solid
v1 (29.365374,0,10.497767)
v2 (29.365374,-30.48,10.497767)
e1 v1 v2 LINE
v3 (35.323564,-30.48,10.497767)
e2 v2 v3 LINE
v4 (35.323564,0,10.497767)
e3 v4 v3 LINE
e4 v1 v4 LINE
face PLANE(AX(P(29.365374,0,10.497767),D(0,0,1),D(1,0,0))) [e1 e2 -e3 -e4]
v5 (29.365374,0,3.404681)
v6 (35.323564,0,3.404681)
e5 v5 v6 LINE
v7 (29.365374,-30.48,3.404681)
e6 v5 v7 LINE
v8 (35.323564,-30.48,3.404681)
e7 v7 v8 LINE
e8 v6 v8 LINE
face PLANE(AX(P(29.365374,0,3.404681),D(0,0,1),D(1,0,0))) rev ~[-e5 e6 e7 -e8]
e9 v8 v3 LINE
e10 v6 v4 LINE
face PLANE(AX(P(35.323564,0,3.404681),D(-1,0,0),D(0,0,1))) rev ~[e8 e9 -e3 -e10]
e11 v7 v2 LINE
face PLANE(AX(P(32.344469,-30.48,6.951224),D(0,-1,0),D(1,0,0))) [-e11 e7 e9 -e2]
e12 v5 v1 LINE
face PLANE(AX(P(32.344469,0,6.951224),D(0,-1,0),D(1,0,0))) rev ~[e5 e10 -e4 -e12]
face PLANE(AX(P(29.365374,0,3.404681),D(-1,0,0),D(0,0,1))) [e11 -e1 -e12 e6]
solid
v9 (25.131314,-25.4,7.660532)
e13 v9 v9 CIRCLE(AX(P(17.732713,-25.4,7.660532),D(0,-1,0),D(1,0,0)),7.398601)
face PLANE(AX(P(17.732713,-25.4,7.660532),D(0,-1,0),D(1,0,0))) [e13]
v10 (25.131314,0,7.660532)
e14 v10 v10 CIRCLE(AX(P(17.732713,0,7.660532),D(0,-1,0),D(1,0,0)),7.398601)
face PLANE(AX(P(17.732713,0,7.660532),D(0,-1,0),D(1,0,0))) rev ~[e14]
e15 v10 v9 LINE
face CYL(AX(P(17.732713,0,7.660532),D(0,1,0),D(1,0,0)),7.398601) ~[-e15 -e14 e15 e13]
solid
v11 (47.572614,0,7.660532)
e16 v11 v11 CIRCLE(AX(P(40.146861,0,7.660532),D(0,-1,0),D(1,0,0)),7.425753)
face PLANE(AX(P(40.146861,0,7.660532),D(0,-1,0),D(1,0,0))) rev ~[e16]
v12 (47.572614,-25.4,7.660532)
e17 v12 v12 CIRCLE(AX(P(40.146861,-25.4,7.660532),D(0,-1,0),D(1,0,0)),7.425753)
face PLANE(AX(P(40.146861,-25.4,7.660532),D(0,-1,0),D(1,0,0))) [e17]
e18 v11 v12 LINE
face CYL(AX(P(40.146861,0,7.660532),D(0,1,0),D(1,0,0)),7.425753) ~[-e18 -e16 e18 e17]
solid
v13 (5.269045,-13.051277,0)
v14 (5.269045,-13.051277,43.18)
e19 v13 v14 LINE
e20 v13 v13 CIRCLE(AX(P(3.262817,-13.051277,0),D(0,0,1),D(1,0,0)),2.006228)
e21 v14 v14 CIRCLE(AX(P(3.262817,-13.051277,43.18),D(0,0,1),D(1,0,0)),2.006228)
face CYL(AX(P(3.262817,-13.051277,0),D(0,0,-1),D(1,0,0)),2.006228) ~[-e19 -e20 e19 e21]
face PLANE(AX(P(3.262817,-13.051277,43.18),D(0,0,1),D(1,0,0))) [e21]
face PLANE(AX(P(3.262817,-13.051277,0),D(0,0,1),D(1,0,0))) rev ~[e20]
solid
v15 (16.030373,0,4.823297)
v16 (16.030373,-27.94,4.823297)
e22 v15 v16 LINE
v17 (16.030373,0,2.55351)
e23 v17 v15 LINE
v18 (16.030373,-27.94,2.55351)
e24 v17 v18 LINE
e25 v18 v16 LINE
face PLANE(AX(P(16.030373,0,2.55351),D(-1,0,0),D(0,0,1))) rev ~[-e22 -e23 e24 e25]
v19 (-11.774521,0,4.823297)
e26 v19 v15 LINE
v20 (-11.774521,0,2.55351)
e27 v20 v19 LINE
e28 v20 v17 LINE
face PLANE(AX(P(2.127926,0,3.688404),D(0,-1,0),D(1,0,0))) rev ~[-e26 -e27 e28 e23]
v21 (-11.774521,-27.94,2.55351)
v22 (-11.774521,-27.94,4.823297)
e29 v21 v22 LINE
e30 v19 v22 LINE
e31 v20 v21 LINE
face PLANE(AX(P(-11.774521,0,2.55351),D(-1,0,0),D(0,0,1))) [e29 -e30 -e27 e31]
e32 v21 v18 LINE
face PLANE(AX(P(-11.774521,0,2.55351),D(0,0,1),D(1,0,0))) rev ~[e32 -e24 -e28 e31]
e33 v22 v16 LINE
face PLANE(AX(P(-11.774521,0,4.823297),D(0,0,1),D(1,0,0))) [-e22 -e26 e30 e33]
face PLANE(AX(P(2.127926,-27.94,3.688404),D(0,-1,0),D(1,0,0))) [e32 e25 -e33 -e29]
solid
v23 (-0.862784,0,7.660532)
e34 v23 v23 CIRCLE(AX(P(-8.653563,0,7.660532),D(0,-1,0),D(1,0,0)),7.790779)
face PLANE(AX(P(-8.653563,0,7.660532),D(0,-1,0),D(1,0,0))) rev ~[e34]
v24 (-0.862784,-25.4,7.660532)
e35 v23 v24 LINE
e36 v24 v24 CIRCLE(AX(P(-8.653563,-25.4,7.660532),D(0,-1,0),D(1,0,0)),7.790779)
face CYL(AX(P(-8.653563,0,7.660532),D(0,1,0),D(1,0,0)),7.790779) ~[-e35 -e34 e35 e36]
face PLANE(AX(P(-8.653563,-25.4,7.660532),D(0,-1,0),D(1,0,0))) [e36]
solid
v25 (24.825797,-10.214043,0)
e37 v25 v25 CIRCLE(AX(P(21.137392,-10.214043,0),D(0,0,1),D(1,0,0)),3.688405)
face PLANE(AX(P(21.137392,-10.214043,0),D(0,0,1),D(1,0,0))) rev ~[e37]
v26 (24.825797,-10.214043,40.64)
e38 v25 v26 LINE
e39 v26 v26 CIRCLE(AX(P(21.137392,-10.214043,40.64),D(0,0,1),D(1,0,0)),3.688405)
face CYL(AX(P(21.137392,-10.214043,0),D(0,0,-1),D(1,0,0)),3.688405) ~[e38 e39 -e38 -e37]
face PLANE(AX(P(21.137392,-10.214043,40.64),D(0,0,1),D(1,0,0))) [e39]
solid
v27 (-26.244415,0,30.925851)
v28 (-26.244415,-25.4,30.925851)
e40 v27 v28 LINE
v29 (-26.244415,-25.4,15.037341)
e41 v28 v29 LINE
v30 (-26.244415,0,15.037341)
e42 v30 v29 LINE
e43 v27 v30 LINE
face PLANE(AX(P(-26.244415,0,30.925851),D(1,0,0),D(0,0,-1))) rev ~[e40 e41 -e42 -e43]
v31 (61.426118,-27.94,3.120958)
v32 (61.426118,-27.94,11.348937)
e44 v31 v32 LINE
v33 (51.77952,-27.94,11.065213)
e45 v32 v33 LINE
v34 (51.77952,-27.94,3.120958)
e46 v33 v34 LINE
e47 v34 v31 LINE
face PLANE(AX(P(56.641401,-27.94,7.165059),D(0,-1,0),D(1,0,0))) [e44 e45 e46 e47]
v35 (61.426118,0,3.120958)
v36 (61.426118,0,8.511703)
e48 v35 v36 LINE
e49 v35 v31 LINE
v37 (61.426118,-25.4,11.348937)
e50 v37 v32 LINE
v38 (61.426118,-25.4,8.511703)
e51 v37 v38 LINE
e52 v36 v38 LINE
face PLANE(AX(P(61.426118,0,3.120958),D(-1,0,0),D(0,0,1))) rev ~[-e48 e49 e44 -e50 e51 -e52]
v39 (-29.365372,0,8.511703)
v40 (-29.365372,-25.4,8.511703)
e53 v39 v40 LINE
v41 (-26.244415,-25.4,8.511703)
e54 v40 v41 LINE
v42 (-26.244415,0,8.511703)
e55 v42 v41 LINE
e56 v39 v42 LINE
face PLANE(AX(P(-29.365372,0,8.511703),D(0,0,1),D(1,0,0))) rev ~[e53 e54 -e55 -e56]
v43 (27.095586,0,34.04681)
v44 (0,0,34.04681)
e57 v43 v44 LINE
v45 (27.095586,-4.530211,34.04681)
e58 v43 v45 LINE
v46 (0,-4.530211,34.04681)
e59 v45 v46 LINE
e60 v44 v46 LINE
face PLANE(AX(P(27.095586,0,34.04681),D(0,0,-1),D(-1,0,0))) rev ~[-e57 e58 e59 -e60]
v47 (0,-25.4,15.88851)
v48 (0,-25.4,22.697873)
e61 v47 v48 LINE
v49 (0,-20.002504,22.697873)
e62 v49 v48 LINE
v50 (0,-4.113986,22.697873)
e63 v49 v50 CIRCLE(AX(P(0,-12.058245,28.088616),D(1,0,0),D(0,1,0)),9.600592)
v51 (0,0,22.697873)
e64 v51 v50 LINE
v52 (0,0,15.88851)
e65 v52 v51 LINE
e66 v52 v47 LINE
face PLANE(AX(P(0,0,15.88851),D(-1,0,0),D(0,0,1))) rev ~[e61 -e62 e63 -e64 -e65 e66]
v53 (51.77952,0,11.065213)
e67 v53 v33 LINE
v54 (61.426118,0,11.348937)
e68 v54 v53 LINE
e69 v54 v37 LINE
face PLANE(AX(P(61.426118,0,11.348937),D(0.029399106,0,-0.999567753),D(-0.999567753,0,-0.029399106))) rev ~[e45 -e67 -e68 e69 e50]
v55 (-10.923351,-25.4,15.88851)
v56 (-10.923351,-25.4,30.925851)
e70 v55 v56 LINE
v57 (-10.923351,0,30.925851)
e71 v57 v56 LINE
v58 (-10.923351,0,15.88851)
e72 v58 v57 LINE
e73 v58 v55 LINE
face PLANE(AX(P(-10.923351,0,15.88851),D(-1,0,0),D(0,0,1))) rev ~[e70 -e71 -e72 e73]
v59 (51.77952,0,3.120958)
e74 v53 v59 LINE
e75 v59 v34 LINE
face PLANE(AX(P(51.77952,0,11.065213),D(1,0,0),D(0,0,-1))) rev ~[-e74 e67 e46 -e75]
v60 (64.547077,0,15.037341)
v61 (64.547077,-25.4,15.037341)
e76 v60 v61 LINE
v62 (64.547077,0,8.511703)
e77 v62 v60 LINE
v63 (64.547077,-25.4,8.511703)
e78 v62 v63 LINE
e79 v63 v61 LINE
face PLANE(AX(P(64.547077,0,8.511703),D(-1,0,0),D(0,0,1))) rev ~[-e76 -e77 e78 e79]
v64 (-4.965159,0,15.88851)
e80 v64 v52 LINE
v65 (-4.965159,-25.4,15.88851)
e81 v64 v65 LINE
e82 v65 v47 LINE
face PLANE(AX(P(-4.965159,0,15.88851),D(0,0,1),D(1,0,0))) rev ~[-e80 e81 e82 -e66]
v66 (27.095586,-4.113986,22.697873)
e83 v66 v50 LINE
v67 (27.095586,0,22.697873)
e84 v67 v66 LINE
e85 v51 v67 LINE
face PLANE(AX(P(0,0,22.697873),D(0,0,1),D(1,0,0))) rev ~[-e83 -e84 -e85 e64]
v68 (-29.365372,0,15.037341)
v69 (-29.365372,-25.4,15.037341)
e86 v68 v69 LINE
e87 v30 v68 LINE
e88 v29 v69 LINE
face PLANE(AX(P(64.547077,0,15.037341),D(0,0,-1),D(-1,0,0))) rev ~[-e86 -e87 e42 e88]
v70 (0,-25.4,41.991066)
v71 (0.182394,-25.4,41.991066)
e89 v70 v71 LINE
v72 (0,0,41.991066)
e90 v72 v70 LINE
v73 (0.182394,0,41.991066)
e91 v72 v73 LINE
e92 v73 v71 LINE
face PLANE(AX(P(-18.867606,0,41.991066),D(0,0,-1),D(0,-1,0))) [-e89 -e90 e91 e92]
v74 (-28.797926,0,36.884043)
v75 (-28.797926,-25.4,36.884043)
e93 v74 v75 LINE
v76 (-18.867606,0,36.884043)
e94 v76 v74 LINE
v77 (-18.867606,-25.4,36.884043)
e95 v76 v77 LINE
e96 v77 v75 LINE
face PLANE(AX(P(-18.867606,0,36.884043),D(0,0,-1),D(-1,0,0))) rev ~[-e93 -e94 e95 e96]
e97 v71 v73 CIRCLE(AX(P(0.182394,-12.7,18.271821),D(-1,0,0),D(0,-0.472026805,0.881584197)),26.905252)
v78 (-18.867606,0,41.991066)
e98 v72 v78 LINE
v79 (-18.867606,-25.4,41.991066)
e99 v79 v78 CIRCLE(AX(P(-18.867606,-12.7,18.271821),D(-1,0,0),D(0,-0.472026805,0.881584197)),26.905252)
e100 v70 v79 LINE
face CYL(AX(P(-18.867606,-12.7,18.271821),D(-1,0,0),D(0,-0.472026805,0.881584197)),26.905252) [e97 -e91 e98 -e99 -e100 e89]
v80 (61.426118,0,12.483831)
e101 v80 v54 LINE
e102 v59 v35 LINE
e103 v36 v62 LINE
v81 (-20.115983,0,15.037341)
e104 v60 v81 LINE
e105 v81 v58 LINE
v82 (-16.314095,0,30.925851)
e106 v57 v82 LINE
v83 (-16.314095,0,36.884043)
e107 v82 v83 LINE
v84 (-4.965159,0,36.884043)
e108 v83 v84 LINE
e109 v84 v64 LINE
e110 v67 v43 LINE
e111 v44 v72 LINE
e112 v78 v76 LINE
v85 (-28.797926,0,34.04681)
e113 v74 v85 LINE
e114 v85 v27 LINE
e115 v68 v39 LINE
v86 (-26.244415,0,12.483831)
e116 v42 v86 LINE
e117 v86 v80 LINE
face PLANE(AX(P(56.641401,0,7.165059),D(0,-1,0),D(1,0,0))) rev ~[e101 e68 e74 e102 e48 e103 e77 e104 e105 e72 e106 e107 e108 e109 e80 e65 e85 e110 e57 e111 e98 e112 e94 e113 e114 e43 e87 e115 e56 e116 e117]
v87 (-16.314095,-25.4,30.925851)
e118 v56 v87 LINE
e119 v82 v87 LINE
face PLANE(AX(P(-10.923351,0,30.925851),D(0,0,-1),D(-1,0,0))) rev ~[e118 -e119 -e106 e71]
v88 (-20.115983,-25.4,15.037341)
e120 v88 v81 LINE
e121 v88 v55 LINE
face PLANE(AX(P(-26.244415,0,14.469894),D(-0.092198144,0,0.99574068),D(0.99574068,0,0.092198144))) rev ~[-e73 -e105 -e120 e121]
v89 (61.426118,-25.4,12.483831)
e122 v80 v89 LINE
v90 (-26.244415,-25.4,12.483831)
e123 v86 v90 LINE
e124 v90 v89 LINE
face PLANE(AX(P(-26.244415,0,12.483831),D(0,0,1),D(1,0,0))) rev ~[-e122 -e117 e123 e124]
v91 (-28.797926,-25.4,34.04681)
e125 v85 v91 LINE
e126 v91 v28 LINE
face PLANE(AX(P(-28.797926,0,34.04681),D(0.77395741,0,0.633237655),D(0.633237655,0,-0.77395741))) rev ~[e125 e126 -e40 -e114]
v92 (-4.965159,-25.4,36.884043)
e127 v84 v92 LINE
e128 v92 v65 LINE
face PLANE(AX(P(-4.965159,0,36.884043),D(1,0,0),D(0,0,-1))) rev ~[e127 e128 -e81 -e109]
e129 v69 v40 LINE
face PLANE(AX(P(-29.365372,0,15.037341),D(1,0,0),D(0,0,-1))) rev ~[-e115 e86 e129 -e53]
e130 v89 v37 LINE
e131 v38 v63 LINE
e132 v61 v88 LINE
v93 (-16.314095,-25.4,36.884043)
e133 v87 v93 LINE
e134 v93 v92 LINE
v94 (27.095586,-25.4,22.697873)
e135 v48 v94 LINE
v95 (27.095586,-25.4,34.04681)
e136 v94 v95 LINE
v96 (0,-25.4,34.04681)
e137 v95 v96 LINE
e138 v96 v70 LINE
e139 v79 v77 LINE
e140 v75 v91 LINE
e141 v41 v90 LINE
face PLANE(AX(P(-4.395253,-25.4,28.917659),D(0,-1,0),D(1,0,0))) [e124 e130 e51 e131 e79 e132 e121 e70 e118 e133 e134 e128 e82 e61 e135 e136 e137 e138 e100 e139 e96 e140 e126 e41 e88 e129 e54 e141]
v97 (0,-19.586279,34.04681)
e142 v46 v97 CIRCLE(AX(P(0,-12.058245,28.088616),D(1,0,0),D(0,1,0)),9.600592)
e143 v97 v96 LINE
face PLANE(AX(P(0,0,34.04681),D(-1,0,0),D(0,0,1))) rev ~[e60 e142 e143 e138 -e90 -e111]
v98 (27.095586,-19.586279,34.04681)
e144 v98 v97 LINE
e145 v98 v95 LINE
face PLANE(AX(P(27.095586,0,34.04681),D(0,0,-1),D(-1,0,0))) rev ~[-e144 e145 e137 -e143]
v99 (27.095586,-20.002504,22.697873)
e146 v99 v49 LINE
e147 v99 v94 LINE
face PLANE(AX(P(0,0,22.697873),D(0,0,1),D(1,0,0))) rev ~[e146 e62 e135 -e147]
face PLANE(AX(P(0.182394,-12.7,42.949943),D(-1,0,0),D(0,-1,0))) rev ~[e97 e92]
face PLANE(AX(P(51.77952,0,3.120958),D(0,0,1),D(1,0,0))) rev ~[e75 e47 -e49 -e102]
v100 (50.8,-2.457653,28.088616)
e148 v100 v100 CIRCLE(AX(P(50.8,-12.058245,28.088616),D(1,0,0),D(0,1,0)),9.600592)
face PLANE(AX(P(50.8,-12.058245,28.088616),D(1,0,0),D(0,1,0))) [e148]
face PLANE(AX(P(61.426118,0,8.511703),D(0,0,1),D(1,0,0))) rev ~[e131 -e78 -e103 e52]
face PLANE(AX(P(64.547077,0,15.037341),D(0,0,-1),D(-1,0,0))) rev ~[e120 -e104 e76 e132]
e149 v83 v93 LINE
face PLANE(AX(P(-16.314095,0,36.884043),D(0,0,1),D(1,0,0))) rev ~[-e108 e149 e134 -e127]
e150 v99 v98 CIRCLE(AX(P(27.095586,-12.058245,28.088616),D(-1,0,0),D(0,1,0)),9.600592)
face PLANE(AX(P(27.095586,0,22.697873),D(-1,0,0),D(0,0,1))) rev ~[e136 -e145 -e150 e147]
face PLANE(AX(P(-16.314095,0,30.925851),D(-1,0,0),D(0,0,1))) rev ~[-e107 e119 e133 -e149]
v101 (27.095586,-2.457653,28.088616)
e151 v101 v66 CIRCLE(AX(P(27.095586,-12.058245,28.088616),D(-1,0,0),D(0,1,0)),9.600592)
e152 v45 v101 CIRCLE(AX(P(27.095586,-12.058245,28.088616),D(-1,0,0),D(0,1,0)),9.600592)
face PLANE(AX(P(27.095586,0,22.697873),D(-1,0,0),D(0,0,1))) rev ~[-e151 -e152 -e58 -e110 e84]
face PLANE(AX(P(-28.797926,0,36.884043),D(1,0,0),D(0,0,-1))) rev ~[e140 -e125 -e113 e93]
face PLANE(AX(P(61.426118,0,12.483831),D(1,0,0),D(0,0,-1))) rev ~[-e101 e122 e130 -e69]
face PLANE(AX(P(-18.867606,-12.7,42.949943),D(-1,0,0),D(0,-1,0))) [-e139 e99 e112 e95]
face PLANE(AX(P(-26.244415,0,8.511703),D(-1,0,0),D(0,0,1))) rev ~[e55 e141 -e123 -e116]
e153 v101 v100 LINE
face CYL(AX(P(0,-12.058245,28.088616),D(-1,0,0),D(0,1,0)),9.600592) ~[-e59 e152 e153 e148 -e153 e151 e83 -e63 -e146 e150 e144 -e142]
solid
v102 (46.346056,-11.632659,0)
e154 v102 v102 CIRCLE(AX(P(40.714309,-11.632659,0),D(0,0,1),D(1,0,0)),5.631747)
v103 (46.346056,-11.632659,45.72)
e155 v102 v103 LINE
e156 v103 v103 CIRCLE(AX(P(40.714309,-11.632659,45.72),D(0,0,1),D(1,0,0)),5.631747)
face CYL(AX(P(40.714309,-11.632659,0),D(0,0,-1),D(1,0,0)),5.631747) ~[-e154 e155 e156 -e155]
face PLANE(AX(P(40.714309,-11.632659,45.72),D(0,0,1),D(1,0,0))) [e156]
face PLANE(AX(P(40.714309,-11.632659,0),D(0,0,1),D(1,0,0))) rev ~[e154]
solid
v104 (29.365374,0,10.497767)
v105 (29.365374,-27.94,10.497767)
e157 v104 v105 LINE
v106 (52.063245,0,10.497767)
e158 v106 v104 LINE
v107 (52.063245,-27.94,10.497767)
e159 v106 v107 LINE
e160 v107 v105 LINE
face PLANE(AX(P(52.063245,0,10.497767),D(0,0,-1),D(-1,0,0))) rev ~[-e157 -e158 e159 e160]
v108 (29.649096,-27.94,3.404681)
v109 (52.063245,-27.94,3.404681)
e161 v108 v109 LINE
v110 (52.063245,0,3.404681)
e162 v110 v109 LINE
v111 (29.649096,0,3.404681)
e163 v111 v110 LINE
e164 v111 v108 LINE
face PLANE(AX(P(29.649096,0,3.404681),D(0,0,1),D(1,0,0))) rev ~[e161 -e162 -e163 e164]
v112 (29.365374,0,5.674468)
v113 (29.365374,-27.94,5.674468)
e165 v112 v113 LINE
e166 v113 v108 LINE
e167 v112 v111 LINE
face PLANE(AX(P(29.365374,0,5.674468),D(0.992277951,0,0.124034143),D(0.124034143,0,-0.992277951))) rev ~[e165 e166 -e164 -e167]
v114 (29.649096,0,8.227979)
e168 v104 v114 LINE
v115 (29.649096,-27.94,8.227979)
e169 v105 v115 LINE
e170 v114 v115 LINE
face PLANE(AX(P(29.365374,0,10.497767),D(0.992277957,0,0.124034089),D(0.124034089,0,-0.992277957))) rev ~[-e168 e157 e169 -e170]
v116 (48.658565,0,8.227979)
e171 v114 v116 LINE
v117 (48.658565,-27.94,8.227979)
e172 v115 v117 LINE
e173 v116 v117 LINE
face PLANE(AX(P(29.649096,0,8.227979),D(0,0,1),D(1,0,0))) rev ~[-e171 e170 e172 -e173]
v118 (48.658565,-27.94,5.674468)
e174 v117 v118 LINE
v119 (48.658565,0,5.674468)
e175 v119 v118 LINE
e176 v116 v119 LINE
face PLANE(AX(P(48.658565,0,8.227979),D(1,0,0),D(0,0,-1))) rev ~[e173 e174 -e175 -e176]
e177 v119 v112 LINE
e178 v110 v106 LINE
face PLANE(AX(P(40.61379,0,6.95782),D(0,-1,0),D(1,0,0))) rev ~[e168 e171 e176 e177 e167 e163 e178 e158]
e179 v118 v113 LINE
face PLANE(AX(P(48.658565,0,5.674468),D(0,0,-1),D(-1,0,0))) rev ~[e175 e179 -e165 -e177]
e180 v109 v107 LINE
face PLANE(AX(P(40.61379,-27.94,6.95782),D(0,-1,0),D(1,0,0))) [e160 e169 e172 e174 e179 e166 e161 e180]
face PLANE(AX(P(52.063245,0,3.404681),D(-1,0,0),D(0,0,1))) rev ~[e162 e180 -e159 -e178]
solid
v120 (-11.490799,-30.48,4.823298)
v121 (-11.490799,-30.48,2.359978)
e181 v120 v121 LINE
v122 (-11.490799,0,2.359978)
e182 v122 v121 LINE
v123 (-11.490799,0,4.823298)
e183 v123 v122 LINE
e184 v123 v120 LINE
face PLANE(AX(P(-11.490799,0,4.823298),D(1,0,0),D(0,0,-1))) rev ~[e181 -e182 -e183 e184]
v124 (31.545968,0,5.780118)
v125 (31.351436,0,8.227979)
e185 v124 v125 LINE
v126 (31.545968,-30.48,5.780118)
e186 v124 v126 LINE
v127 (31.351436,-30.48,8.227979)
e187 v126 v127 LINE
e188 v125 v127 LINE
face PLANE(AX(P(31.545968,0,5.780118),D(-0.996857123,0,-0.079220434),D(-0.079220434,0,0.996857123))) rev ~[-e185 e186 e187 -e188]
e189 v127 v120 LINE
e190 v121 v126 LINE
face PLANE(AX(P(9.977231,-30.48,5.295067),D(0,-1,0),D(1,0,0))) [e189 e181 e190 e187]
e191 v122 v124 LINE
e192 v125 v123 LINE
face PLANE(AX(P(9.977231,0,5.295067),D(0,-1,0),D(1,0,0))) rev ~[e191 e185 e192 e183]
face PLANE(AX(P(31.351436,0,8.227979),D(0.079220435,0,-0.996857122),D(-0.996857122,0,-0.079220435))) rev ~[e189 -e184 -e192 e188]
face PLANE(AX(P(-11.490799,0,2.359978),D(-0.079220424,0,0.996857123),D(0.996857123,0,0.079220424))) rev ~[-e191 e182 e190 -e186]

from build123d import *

# Parameters (mm, degrees)
F0_R      = 7.790779
F0_R_2    = 7.398601
F0_R_3    = 7.425753
F1_DEPTH  = 25.4
F3_DEPTH  = 25.4
F5_DEPTH  = 25.4
F6_R      = 9.600592
F7_DEPTH  = 50.8
F9_DEPTH  = 27.94
F11_DEPTH = 27.94
F12_W     = 27.804894
F12_H     = 2.269787
F13_DEPTH = 27.94
F14_W     = 5.95819
F14_H     = 7.093086
F15_DEPTH = 30.48
F17_DEPTH = 30.48
F18_R     = 5.631747
F19_DEPTH = 45.72
F20_R     = 3.688405
F21_DEPTH = 40.64
F22_R     = 2.006228
F23_DEPTH = 43.18
F25_DEPTH = 19.05


with BuildPart() as f1:
    # F0 (on Front) → F1 (new body)
    with BuildSketch(Plane.XZ):
        with Locations((-8.653563, 7.660532)):
            Circle(F0_R)
        with Locations((17.732713, 7.660532)):
            Circle(F0_R_2)
        with Locations((40.146861, 7.660532)):
            Circle(F0_R_3)
    extrude(amount=F1_DEPTH)


with BuildPart() as f3:
    # F2 (on Front) → F3 (new body)
    with BuildSketch(Plane.XZ):
        Polygon((64.547077, 15.037341), (-12.058245, 15.037341), (-29.365372, 15.037341), (-29.365372, 8.511703), (-26.244415, 8.511703), (-26.244415, 12.483831), (61.426118, 12.483831), (61.426118, 8.511703), (64.547077, 8.511703), align=None)
    extrude(amount=F3_DEPTH)

    # F4 (on Front) → F5 (join)
    with BuildSketch(Plane.XZ):
        Polygon((-26.244415, 30.925851), (-26.244415, 14.469894), (-10.923351, 15.88851), (-10.923351, 30.925851), (-16.314095, 30.925851), (-16.314095, 36.884043), (-4.965159, 36.884043), (-4.965159, 15.88851), (0, 15.88851), (0, 22.697873), (27.095586, 22.697873), (27.095586, 34.04681), (0, 34.04681), (0, 41.991066), (-18.867606, 41.991066), (-18.867606, 36.884043), (-28.797926, 36.884043), (-28.797926, 34.04681), align=None)
    extrude(amount=F5_DEPTH)

    # F6 (on Right) → F7 (join)
    with BuildSketch(Plane.YZ):
        with Locations((-12.058245, 28.088616)):
            Circle(F6_R)
    extrude(amount=F7_DEPTH)

    # F8 (on Front) → F9 (join)
    with BuildSketch(Plane.XZ):
        Polygon((61.426118, 3.120958), (61.426118, 11.348937), (51.77952, 11.065213), (51.77952, 3.120958), align=None)
    extrude(amount=F9_DEPTH)

    # F24 (on face) → F25 (join)
    with BuildSketch(Plane(origin=(-18.867606, 0, 0), x_dir=(0, -1, 0), z_dir=(-1, 0, 0))):
        with BuildLine():
            Line((0, 41.991066), (25.4, 41.991066))
            ThreePointArc((25.4, 41.991066), (12.7, 45.177073), (0, 41.991066))
        make_face()
    extrude(amount=-F25_DEPTH)


with BuildPart() as f11:
    # F10 (on Front) → F11 (new body)
    with BuildSketch(Plane.XZ):
        Polygon((52.063245, 3.404681), (52.063245, 10.497767), (29.365374, 10.497767), (29.649096, 8.227979), (48.658565, 8.227979), (48.658565, 5.674468), (29.365374, 5.674468), (29.649096, 3.404681), align=None)
    extrude(amount=F11_DEPTH)


with BuildPart() as f13:
    # F12 (on Front) → F13 (new body)
    with BuildSketch(Plane.XZ):
        with Locations((2.127926, 3.688404)):
            Rectangle(F12_W, F12_H)
    extrude(amount=F13_DEPTH)


with BuildPart() as f15:
    # F14 (on Front) → F15 (new body)
    with BuildSketch(Plane.XZ):
        with Locations((32.344469, 6.951224)):
            Rectangle(F14_W, F14_H)
    extrude(amount=F15_DEPTH)


with BuildPart() as f17:
    # F16 (on Front) → F17 (new body)
    with BuildSketch(Plane.XZ):
        Polygon((31.351436, 8.227979), (-11.490799, 4.823298), (-11.490799, 2.359978), (31.545968, 5.780118), align=None)
    extrude(amount=F17_DEPTH)


with BuildPart() as f19:
    # F18 (on Top) → F19 (new body)
    with BuildSketch(Plane.XY):
        with Locations((40.714309, -11.632659)):
            Circle(F18_R)
    extrude(amount=F19_DEPTH)


with BuildPart() as f21:
    # F20 (on Top) → F21 (new body)
    with BuildSketch(Plane.XY):
        with Locations((21.137392, -10.214043)):
            Circle(F20_R)
    extrude(amount=F21_DEPTH)


with BuildPart() as f23:
    # F22 (on Top) → F23 (new body)
    with BuildSketch(Plane.XY):
        with Locations((3.262817, -13.051277)):
            Circle(F22_R)
    extrude(amount=F23_DEPTH)


solid = Compound([f1.part, f3.part, f11.part, f13.part, f15.part, f17.part, f19.part, f21.part, f23.part])
